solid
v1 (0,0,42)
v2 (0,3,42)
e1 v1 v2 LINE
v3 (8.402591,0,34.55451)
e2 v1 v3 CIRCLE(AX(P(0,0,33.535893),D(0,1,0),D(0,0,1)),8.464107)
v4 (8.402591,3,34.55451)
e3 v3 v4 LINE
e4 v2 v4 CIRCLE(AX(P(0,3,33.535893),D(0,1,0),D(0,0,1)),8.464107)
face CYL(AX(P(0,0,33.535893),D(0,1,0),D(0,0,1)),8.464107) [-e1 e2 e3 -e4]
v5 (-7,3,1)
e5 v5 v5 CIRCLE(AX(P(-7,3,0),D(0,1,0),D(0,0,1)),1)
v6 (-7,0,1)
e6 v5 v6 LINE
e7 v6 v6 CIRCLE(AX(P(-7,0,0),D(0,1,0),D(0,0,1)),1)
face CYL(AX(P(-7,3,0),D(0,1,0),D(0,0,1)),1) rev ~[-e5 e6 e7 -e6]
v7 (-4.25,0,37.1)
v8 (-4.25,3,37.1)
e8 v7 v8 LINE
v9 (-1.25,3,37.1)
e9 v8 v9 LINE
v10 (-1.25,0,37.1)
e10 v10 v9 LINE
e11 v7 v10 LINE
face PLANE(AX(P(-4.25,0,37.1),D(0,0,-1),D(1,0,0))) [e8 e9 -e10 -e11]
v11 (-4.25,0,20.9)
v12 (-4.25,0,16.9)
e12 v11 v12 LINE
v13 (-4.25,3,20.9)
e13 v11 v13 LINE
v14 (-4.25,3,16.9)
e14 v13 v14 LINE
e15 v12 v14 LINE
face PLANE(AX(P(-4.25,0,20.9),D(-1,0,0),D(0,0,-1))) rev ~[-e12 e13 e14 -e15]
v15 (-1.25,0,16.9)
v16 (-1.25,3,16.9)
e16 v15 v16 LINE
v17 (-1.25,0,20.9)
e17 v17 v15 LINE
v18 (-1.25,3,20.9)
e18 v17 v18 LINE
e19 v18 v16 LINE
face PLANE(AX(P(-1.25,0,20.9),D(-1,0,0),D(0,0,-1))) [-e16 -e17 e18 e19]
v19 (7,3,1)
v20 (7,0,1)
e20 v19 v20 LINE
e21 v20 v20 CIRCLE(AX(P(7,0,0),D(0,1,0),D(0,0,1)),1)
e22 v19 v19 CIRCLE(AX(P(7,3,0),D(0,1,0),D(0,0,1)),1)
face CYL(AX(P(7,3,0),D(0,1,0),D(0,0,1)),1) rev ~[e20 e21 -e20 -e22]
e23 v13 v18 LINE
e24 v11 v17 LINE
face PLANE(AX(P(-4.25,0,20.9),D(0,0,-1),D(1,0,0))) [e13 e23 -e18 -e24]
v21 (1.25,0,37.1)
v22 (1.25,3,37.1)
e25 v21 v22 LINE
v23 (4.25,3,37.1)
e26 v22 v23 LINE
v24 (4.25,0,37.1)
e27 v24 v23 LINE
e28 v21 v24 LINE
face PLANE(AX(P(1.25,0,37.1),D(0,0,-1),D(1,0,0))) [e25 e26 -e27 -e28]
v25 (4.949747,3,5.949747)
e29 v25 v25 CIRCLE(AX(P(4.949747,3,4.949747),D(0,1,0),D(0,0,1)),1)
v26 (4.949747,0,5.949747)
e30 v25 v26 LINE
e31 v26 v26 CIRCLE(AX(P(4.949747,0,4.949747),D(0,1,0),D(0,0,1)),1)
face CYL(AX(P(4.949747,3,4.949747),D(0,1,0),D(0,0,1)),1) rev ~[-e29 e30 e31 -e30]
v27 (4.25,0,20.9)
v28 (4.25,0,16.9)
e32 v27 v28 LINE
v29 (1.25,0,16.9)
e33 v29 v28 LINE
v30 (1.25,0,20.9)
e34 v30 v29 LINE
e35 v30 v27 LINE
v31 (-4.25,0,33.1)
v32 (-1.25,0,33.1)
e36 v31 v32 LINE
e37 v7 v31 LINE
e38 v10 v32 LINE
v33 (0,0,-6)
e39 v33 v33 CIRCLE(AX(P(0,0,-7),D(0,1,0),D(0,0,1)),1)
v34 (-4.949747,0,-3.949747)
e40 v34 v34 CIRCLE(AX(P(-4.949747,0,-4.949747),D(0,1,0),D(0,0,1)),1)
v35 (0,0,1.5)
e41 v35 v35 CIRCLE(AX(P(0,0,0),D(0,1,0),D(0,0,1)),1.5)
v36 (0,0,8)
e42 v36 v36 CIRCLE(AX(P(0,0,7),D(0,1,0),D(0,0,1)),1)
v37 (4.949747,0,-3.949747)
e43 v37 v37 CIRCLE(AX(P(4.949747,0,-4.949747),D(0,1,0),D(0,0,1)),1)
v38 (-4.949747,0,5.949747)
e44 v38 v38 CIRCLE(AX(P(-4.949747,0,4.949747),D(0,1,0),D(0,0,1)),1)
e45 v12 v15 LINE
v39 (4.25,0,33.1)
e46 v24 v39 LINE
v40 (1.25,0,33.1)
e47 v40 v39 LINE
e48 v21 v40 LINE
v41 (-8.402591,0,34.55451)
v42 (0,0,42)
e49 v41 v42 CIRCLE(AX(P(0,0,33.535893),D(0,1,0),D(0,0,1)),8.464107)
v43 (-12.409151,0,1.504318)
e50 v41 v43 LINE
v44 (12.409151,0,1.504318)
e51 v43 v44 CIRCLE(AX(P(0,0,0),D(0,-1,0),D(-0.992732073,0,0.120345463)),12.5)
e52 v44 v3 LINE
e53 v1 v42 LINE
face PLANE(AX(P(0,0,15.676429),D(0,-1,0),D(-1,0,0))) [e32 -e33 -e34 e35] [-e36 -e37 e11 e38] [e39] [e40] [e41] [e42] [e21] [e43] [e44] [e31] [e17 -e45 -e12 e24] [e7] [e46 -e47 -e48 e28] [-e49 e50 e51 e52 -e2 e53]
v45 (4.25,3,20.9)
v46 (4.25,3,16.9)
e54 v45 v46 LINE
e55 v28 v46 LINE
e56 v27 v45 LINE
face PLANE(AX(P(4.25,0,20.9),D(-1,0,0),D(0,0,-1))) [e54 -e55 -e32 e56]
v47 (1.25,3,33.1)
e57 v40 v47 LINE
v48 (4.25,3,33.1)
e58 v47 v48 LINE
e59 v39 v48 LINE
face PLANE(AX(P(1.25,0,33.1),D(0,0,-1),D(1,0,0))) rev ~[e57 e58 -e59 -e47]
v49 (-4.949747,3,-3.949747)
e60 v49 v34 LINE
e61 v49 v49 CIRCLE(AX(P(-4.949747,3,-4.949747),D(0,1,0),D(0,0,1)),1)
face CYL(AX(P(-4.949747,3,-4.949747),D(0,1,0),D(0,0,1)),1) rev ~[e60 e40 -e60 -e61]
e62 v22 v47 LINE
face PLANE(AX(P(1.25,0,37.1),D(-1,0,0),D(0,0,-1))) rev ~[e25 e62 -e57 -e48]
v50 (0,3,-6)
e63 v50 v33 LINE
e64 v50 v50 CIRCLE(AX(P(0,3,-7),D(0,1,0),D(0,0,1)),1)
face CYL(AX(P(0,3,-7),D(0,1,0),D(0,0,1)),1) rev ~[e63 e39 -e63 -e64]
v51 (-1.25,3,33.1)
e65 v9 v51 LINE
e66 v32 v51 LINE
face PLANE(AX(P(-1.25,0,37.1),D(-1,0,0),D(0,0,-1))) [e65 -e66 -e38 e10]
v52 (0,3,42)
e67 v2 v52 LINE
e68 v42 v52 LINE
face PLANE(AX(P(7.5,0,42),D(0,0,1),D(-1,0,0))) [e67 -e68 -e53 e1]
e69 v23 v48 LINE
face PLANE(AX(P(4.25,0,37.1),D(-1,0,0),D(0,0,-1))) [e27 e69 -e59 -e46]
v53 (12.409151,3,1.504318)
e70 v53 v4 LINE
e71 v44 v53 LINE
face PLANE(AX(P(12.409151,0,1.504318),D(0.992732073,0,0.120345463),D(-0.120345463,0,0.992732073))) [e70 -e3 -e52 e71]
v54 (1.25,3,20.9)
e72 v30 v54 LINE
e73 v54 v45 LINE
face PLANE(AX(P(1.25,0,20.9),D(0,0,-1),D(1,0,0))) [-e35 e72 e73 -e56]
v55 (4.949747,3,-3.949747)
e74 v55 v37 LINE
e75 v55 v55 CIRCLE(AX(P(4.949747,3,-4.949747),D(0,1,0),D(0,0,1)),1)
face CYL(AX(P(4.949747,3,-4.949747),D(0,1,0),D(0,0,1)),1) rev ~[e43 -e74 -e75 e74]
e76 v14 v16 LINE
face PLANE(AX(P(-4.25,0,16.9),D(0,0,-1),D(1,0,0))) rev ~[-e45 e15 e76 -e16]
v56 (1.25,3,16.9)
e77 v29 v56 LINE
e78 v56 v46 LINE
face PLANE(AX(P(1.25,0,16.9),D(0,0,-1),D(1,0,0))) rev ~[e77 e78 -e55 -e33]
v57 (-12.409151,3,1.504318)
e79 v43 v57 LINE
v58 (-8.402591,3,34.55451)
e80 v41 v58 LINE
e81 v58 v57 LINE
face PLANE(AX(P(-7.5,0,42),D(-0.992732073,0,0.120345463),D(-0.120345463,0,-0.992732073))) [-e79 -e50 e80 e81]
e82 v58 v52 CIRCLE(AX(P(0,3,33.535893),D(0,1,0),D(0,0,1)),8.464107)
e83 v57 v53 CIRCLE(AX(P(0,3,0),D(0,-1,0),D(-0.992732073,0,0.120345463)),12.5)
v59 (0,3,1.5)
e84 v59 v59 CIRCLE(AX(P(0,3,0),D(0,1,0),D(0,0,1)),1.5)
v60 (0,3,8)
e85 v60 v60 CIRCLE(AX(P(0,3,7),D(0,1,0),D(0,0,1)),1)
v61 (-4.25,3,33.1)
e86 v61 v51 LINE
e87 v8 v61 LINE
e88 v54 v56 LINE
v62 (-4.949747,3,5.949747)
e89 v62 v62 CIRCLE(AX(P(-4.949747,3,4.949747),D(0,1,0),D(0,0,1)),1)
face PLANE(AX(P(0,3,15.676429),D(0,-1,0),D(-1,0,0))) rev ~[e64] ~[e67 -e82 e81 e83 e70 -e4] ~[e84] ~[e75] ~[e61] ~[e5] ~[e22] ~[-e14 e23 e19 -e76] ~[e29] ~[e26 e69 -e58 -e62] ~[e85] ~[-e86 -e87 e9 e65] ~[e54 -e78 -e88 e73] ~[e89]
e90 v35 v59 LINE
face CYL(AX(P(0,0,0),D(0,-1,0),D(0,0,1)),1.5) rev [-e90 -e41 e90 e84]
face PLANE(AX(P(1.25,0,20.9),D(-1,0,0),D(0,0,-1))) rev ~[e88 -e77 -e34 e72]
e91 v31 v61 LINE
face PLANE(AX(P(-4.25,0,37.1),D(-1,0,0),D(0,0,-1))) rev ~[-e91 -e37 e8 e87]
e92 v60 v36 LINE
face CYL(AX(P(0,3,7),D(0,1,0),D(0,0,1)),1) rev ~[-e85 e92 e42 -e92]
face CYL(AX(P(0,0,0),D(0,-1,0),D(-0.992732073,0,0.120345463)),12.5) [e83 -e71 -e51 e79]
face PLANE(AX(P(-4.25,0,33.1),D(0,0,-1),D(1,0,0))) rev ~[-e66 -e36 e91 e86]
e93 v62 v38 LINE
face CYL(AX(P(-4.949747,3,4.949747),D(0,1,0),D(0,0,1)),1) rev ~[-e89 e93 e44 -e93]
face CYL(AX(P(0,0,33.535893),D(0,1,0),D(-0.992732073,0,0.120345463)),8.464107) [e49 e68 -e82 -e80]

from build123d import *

# Parameters (mm, degrees)
SKETCH1_R           = 1.5
SKETCH1_W           = 3
SKETCH1_H           = 4
BOSS_EXTRUDE2_DEPTH = 3
FILLET1_R           = 8.464107
SKETCH2_R           = 1
CUT_EXTRUDE1_DEPTH  = 3


with BuildPart() as part:
    # Sketch1 → Boss-Extrude2 (new body)
    with BuildSketch(Plane(origin=(0, 0, 0), x_dir=(1, 0, 0), z_dir=(0, 1, 0))):
        with BuildLine():
            Line((-7.5, -42), (-12.409150917, -1.504318289))
            ThreePointArc((-12.409150917, -1.504318289), (0, 12.5), (12.409150917, -1.504318289))
            Line((12.409150917, -1.504318289), (7.5, -42))
            Line((7.5, -42), (-7.5, -42))
        make_face()
        with Locations(Location((0, 0, 0), (0, 0, 270))):
            Circle(SKETCH1_R, mode=Mode.SUBTRACT)
        with Locations((2.75, -18.9)):
            Rectangle(SKETCH1_W, SKETCH1_H, mode=Mode.SUBTRACT)
        with Locations((-2.75, -18.9)):
            Rectangle(SKETCH1_W, SKETCH1_H, mode=Mode.SUBTRACT)
        with Locations((2.75, -35.1)):
            Rectangle(SKETCH1_W, SKETCH1_H, mode=Mode.SUBTRACT)
        with Locations((-2.75, -35.1)):
            Rectangle(SKETCH1_W, SKETCH1_H, mode=Mode.SUBTRACT)
    extrude(amount=BOSS_EXTRUDE2_DEPTH)

    # Fillet1
    fillet1_edges = [part.edges().sort_by_distance(p)[0] for p in [
        (7.5, 1.5, 42),
        (-7.5, 1.5, 42),
    ]]
    fillet(fillet1_edges, radius=FILLET1_R)

    # Sketch2 → Cut-Extrude1 (cut)
    with BuildSketch(Plane(origin=(0, 3, 0), x_dir=(1, 0, 0), z_dir=(0, 1, 0))):
        with Locations(Location((0, 7, 0), (0, 0, 270))):
            Circle(SKETCH2_R)
        with Locations(Location((4.949747468, 4.949747468, 0), (0, 0, 270))):
            Circle(SKETCH2_R)
        with Locations(Location((7, 0, 0), (0, 0, 270))):
            Circle(SKETCH2_R)
        with Locations(Location((4.949747468, -4.949747468, 0), (0, 0, 270))):
            Circle(SKETCH2_R)
        with Locations(Location((0, -7, 0), (0, 0, 270))):
            Circle(SKETCH2_R)
        with Locations(Location((-4.949747468, -4.949747468, 0), (0, 0, 270))):
            Circle(SKETCH2_R)
        with Locations(Location((-7, 0, 0), (0, 0, 270))):
            Circle(SKETCH2_R)
        with Locations(Location((-4.949747468, 4.949747468, 0), (0, 0, 270))):
            Circle(SKETCH2_R)
    extrude(amount=-CUT_EXTRUDE1_DEPTH, mode=Mode.SUBTRACT)


solid = part.part
